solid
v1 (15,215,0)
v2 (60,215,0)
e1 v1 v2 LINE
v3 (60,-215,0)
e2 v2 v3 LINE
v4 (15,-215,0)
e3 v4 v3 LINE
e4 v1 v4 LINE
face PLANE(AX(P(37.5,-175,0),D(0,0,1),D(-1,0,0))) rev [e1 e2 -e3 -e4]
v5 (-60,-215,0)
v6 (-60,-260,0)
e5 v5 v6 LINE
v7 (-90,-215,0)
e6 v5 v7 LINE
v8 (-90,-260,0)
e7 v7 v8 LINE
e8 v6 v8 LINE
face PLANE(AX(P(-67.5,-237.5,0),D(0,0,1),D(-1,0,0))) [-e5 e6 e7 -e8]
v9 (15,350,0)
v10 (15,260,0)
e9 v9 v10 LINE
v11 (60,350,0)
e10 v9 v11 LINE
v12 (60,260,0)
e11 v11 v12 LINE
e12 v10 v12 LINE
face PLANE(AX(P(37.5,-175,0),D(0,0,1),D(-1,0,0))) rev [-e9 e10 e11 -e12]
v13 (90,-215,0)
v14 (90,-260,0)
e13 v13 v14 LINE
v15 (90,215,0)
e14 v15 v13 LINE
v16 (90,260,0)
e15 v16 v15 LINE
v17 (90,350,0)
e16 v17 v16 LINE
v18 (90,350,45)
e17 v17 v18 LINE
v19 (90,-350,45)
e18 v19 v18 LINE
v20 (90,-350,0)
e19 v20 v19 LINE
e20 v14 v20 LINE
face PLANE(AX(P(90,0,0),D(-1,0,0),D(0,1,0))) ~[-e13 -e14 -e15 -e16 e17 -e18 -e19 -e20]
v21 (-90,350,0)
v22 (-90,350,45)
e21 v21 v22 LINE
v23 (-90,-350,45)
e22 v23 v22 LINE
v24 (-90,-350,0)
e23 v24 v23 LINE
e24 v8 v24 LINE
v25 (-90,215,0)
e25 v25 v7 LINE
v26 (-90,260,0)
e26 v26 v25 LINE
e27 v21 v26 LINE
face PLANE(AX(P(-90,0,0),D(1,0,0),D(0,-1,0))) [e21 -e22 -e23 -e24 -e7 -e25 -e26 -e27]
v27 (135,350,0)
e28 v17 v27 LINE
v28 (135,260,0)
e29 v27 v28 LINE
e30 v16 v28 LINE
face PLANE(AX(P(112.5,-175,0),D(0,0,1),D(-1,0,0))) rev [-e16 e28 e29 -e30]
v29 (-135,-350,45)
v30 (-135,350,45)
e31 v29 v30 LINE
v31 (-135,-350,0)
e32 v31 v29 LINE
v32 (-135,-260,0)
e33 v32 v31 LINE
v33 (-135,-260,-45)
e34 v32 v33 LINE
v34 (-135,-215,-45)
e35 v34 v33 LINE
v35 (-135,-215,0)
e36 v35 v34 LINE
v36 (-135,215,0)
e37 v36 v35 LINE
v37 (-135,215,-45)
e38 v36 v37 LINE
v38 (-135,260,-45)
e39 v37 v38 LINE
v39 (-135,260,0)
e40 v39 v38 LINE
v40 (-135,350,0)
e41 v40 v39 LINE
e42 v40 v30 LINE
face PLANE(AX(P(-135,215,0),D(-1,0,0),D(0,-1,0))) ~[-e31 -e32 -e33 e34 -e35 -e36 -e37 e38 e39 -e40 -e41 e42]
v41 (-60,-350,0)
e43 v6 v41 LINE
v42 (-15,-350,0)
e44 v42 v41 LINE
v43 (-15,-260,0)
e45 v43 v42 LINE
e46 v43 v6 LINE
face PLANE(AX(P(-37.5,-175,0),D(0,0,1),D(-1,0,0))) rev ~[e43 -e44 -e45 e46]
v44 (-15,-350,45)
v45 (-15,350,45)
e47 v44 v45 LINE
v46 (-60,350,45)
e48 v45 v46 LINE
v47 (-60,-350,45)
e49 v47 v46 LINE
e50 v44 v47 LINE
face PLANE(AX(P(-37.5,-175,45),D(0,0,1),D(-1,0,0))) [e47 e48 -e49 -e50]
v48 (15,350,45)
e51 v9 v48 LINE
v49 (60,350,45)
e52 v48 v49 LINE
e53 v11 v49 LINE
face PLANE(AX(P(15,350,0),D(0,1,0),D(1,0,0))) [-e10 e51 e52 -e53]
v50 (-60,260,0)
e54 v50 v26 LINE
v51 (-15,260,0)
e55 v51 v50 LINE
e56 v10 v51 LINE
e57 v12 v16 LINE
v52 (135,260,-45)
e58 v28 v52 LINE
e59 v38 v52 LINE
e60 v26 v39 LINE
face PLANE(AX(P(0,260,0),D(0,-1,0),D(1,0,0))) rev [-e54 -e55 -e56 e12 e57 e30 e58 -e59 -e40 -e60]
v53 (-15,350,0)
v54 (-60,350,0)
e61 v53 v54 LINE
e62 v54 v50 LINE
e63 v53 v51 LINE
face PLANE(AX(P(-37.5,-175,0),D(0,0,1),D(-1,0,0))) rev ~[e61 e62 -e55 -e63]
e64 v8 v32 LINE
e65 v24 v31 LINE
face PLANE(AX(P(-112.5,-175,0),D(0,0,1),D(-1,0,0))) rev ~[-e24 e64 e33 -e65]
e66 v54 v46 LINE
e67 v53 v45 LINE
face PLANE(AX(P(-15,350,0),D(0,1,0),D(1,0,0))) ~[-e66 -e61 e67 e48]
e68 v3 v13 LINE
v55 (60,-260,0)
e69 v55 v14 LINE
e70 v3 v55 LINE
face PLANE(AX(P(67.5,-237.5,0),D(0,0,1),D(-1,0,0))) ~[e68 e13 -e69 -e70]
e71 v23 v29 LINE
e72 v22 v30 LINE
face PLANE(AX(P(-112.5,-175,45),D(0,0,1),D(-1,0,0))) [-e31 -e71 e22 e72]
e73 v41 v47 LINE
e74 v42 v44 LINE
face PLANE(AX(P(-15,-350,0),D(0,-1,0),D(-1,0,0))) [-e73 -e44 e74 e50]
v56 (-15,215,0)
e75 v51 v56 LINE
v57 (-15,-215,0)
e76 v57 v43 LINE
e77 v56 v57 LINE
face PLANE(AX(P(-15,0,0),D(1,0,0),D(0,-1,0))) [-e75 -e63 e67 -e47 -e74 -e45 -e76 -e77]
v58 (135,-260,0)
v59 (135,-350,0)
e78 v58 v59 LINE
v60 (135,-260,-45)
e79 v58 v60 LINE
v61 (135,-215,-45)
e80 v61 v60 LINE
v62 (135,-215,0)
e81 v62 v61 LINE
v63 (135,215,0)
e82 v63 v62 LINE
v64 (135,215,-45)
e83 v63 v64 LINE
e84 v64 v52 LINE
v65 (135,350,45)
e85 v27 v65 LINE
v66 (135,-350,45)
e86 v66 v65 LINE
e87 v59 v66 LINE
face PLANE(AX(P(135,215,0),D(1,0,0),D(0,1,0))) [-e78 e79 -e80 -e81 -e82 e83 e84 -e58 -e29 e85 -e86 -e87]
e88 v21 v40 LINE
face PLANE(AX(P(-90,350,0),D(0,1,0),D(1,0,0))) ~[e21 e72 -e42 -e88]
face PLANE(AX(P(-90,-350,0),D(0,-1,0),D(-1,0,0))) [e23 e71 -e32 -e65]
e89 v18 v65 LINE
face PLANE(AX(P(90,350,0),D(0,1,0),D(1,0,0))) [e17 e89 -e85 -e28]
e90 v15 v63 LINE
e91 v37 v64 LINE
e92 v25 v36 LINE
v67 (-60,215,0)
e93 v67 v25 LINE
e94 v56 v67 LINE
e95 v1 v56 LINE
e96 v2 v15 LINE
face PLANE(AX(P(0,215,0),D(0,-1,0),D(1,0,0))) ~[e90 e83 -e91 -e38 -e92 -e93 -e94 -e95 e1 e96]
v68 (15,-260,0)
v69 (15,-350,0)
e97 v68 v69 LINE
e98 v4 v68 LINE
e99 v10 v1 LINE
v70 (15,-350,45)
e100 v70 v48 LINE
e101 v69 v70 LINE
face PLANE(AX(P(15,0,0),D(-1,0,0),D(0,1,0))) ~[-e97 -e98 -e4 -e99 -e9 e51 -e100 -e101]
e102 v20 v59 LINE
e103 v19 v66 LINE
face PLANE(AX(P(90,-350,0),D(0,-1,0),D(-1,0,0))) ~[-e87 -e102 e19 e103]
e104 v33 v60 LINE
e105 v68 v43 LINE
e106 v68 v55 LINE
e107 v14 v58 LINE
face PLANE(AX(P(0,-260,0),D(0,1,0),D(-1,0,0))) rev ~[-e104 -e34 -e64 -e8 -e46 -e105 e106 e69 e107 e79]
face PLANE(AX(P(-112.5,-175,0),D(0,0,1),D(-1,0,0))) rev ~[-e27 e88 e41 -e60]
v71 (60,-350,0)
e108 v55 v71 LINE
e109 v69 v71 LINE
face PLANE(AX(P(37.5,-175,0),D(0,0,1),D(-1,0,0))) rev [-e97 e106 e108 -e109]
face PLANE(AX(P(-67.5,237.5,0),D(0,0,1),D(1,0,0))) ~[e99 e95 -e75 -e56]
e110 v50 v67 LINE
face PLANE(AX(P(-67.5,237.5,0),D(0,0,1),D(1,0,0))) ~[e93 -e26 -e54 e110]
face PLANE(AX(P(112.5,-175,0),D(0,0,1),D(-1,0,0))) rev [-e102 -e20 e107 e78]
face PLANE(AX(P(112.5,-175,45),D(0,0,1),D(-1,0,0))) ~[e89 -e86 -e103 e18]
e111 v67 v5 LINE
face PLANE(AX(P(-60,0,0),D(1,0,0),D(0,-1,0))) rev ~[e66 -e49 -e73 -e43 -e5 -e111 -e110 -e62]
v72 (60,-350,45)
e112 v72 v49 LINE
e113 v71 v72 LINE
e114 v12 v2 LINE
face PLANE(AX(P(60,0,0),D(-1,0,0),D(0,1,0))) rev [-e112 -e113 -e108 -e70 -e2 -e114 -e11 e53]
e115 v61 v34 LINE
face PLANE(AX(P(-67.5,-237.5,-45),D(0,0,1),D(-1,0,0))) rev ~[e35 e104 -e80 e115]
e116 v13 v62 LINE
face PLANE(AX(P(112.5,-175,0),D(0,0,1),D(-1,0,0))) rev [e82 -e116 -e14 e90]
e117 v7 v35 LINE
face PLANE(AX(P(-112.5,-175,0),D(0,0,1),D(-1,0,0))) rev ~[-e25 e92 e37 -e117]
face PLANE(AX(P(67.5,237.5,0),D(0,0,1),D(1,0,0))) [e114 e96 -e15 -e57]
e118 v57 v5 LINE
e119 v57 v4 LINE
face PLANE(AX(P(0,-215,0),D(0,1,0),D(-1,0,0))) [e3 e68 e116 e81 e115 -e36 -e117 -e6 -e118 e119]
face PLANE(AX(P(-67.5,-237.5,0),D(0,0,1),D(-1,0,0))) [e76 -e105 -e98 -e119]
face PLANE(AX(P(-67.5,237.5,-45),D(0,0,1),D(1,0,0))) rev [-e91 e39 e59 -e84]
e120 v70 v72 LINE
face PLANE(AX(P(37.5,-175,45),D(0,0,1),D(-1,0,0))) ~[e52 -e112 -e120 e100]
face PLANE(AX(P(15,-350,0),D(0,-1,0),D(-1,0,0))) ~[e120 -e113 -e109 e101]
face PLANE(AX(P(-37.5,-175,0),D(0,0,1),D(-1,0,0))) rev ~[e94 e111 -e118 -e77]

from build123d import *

# Parameters (mm, degrees)
F0_W     = 45
F0_H     = 350
F2_DEPTH = 45
F1_W     = 135
F1_H     = 45
F3_DEPTH = 45


with BuildPart() as f2:
    # F0 (on Top) → F2 (new body)
    with BuildSketch(Plane.XY):
        with Locations((112.5, 175)):
            Rectangle(F0_W, F0_H)
    extrude(amount=F2_DEPTH)



with BuildPart() as f2b:
    # F0 (on Top) → F2, piece 2 (new body)
    with BuildSketch(Plane.XY):
        with Locations((37.5, 175)):
            Rectangle(F0_W, F0_H)
    extrude(amount=F2_DEPTH)


with BuildPart() as f3:
    # F1 (on Top) → F3 (new body)
    with BuildSketch(Plane.XY):
        with Locations((67.5, 237.5)):
            Rectangle(F1_W, F1_H)
    extrude(amount=-F3_DEPTH)


with BuildPart() as f2_1:
    add(f2.part)

    add(f2b.part)  # F4 merges F2b
    # F4: F3, F2b, F2 across plane
    add(f3.part.mirror(Plane.XZ))
    add(f2b.part.mirror(Plane.XZ))
    add(f2.part.mirror(Plane.XZ))



with BuildPart() as f2_2:
    add(f2_1.part)

    add(f3.part)  # F5 merges F3
    # F5: F2, F3 across plane
    add(f2_1.part.mirror(Plane.YZ))
    add(f3.part.mirror(Plane.YZ))


solid = f2_2.part
